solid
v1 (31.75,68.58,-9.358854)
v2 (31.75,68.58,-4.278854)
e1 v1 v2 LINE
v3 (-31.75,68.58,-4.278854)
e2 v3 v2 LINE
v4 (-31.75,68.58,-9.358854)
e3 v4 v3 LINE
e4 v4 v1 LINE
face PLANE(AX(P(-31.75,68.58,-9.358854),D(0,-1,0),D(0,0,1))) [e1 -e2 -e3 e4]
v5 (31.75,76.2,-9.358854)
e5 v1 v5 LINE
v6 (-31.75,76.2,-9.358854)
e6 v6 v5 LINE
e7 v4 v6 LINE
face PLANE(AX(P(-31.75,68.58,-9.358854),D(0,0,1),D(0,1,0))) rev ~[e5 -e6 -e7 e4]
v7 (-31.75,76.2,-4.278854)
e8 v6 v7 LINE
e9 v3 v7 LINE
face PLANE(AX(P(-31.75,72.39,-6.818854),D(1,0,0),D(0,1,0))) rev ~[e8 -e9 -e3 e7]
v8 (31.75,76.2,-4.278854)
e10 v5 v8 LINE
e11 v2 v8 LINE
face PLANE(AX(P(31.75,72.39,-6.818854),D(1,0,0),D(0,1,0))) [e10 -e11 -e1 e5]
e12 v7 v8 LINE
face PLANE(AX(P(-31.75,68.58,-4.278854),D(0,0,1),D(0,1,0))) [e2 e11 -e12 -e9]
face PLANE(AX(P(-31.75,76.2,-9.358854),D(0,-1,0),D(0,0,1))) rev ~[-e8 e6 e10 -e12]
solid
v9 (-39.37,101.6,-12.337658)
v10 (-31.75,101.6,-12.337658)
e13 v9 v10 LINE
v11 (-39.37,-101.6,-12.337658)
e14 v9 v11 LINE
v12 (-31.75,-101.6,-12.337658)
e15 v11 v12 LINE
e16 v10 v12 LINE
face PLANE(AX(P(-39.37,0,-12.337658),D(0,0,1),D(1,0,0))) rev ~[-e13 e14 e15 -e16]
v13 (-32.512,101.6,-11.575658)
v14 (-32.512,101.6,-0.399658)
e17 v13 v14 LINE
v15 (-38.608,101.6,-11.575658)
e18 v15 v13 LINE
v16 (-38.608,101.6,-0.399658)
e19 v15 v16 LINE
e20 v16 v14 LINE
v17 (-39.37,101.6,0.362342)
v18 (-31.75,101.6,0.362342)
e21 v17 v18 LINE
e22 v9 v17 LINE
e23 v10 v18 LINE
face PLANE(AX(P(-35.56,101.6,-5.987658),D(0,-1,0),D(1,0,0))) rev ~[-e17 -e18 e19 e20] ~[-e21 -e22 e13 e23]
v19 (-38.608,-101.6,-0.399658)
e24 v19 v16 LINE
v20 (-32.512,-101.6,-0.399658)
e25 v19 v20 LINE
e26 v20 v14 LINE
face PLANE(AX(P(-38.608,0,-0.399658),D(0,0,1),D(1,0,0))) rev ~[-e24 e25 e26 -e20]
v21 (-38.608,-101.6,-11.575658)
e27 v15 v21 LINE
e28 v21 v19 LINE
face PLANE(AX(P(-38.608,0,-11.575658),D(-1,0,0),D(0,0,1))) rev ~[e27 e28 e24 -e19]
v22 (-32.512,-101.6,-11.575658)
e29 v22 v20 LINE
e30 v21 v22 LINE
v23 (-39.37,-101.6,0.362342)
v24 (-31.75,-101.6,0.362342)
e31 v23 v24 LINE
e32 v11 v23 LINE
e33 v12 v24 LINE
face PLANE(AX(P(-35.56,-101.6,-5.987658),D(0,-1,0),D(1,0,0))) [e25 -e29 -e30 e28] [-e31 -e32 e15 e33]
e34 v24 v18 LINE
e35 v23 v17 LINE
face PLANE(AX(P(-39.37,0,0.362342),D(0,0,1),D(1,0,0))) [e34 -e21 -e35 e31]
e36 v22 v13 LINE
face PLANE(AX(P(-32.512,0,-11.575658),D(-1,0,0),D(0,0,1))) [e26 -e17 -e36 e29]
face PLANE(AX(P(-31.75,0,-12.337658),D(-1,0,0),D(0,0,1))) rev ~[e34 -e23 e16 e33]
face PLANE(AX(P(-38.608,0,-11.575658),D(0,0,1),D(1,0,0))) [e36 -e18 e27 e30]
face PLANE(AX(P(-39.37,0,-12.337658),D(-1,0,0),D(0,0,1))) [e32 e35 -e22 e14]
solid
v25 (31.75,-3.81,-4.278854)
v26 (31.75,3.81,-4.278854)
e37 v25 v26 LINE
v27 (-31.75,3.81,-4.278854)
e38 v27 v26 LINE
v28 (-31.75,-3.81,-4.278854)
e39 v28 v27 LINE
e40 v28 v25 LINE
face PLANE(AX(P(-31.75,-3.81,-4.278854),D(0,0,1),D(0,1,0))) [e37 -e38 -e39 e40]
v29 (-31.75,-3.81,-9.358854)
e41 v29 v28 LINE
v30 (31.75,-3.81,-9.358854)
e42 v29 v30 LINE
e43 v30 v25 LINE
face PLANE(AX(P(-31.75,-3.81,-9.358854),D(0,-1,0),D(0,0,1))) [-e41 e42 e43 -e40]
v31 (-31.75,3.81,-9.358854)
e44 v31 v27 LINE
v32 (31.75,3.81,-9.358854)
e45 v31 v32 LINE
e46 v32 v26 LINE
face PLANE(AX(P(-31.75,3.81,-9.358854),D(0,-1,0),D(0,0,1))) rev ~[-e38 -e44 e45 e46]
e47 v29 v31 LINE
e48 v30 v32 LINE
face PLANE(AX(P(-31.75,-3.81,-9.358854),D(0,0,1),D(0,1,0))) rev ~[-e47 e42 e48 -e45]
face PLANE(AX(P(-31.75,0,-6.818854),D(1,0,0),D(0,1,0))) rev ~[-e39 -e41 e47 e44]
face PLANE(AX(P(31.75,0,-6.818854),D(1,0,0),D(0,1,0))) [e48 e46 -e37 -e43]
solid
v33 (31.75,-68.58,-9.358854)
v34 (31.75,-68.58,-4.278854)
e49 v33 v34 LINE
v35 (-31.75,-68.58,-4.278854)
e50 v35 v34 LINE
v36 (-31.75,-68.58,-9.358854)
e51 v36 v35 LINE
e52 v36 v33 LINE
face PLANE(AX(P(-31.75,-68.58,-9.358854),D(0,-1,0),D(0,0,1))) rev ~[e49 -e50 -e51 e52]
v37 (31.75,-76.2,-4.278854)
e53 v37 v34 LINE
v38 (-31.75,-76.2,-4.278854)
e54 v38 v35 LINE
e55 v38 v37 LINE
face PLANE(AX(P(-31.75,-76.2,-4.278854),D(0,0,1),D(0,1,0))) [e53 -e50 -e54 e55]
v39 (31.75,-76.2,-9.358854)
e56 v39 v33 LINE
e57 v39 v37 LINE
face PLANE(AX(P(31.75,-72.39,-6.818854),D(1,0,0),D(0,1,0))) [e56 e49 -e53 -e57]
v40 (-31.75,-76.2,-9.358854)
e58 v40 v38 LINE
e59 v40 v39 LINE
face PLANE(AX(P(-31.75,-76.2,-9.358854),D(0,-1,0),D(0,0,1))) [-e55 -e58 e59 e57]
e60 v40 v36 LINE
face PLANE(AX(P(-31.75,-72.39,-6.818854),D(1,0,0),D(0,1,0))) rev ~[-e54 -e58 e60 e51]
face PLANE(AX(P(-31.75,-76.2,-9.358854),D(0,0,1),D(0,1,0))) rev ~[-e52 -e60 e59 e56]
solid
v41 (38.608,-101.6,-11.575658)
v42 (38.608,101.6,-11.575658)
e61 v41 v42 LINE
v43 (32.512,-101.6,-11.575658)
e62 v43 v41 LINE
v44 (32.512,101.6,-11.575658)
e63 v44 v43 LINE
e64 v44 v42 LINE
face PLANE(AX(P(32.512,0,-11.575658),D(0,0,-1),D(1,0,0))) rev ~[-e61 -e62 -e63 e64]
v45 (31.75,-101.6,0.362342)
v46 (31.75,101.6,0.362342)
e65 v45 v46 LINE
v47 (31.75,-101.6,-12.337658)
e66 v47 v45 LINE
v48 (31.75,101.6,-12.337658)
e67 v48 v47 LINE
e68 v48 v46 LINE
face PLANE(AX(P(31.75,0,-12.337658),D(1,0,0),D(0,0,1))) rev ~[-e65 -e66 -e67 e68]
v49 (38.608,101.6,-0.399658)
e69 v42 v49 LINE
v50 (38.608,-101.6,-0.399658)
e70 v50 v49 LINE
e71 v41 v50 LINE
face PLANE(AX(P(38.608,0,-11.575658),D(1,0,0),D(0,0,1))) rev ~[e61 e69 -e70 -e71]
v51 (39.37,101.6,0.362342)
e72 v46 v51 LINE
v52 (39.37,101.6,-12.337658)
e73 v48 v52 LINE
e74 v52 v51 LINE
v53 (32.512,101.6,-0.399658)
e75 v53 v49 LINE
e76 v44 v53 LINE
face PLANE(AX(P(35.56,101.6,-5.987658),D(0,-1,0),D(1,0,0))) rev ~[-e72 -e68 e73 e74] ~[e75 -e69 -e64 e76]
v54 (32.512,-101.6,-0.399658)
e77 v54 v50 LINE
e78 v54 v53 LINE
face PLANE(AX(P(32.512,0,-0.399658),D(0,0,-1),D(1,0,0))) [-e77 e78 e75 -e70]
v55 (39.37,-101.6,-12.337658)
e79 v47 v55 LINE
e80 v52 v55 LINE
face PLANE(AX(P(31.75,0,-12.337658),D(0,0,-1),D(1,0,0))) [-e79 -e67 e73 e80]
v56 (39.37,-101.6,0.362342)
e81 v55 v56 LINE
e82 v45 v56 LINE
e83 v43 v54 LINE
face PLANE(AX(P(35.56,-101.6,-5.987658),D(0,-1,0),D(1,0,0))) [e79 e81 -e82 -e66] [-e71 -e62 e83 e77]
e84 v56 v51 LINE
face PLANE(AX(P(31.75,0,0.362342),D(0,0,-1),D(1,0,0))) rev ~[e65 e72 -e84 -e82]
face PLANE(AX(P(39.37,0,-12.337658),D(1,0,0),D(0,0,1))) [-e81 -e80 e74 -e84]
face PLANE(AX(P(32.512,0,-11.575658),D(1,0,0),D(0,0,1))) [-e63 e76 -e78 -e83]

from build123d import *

# Parameters (mm, degrees)
F0_W     = 7.62
F0_H     = 12.7
F0_W_2   = 6.096
F0_H_2   = 11.176
F1_DEPTH = 101.6
F2_W     = 7.62
F2_H     = 5.08
F3_DEPTH = 63.5


with BuildPart() as f1:
    # F0 (on Front) → F1 (new body, symmetric)
    with BuildSketch(Plane.XZ):
        with Locations((-35.56, -5.987658)):
            Rectangle(F0_W, F0_H)
        with Locations((-35.56, -5.987658)):
            Rectangle(F0_W_2, F0_H_2, mode=Mode.SUBTRACT)
        with Locations((35.56, -5.987658)):
            Rectangle(F0_W, F0_H)
        with Locations((35.56, -5.987658)):
            Rectangle(F0_W_2, F0_H_2, mode=Mode.SUBTRACT)
    extrude(amount=F1_DEPTH, both=True)


with BuildPart() as f3:
    # F2 (on face) → F3 (new body)
    with BuildSketch(Plane.YZ.offset(-31.75)):
        with Locations((-72.39, -6.818854)):
            Rectangle(F2_W, F2_H)
        with Locations((0, -6.818854)):
            Rectangle(F2_W, F2_H)
        with Locations((72.39, -6.818854)):
            Rectangle(F2_W, F2_H)
    extrude(amount=F3_DEPTH)


solid = Compound([f1.part, f3.part])
